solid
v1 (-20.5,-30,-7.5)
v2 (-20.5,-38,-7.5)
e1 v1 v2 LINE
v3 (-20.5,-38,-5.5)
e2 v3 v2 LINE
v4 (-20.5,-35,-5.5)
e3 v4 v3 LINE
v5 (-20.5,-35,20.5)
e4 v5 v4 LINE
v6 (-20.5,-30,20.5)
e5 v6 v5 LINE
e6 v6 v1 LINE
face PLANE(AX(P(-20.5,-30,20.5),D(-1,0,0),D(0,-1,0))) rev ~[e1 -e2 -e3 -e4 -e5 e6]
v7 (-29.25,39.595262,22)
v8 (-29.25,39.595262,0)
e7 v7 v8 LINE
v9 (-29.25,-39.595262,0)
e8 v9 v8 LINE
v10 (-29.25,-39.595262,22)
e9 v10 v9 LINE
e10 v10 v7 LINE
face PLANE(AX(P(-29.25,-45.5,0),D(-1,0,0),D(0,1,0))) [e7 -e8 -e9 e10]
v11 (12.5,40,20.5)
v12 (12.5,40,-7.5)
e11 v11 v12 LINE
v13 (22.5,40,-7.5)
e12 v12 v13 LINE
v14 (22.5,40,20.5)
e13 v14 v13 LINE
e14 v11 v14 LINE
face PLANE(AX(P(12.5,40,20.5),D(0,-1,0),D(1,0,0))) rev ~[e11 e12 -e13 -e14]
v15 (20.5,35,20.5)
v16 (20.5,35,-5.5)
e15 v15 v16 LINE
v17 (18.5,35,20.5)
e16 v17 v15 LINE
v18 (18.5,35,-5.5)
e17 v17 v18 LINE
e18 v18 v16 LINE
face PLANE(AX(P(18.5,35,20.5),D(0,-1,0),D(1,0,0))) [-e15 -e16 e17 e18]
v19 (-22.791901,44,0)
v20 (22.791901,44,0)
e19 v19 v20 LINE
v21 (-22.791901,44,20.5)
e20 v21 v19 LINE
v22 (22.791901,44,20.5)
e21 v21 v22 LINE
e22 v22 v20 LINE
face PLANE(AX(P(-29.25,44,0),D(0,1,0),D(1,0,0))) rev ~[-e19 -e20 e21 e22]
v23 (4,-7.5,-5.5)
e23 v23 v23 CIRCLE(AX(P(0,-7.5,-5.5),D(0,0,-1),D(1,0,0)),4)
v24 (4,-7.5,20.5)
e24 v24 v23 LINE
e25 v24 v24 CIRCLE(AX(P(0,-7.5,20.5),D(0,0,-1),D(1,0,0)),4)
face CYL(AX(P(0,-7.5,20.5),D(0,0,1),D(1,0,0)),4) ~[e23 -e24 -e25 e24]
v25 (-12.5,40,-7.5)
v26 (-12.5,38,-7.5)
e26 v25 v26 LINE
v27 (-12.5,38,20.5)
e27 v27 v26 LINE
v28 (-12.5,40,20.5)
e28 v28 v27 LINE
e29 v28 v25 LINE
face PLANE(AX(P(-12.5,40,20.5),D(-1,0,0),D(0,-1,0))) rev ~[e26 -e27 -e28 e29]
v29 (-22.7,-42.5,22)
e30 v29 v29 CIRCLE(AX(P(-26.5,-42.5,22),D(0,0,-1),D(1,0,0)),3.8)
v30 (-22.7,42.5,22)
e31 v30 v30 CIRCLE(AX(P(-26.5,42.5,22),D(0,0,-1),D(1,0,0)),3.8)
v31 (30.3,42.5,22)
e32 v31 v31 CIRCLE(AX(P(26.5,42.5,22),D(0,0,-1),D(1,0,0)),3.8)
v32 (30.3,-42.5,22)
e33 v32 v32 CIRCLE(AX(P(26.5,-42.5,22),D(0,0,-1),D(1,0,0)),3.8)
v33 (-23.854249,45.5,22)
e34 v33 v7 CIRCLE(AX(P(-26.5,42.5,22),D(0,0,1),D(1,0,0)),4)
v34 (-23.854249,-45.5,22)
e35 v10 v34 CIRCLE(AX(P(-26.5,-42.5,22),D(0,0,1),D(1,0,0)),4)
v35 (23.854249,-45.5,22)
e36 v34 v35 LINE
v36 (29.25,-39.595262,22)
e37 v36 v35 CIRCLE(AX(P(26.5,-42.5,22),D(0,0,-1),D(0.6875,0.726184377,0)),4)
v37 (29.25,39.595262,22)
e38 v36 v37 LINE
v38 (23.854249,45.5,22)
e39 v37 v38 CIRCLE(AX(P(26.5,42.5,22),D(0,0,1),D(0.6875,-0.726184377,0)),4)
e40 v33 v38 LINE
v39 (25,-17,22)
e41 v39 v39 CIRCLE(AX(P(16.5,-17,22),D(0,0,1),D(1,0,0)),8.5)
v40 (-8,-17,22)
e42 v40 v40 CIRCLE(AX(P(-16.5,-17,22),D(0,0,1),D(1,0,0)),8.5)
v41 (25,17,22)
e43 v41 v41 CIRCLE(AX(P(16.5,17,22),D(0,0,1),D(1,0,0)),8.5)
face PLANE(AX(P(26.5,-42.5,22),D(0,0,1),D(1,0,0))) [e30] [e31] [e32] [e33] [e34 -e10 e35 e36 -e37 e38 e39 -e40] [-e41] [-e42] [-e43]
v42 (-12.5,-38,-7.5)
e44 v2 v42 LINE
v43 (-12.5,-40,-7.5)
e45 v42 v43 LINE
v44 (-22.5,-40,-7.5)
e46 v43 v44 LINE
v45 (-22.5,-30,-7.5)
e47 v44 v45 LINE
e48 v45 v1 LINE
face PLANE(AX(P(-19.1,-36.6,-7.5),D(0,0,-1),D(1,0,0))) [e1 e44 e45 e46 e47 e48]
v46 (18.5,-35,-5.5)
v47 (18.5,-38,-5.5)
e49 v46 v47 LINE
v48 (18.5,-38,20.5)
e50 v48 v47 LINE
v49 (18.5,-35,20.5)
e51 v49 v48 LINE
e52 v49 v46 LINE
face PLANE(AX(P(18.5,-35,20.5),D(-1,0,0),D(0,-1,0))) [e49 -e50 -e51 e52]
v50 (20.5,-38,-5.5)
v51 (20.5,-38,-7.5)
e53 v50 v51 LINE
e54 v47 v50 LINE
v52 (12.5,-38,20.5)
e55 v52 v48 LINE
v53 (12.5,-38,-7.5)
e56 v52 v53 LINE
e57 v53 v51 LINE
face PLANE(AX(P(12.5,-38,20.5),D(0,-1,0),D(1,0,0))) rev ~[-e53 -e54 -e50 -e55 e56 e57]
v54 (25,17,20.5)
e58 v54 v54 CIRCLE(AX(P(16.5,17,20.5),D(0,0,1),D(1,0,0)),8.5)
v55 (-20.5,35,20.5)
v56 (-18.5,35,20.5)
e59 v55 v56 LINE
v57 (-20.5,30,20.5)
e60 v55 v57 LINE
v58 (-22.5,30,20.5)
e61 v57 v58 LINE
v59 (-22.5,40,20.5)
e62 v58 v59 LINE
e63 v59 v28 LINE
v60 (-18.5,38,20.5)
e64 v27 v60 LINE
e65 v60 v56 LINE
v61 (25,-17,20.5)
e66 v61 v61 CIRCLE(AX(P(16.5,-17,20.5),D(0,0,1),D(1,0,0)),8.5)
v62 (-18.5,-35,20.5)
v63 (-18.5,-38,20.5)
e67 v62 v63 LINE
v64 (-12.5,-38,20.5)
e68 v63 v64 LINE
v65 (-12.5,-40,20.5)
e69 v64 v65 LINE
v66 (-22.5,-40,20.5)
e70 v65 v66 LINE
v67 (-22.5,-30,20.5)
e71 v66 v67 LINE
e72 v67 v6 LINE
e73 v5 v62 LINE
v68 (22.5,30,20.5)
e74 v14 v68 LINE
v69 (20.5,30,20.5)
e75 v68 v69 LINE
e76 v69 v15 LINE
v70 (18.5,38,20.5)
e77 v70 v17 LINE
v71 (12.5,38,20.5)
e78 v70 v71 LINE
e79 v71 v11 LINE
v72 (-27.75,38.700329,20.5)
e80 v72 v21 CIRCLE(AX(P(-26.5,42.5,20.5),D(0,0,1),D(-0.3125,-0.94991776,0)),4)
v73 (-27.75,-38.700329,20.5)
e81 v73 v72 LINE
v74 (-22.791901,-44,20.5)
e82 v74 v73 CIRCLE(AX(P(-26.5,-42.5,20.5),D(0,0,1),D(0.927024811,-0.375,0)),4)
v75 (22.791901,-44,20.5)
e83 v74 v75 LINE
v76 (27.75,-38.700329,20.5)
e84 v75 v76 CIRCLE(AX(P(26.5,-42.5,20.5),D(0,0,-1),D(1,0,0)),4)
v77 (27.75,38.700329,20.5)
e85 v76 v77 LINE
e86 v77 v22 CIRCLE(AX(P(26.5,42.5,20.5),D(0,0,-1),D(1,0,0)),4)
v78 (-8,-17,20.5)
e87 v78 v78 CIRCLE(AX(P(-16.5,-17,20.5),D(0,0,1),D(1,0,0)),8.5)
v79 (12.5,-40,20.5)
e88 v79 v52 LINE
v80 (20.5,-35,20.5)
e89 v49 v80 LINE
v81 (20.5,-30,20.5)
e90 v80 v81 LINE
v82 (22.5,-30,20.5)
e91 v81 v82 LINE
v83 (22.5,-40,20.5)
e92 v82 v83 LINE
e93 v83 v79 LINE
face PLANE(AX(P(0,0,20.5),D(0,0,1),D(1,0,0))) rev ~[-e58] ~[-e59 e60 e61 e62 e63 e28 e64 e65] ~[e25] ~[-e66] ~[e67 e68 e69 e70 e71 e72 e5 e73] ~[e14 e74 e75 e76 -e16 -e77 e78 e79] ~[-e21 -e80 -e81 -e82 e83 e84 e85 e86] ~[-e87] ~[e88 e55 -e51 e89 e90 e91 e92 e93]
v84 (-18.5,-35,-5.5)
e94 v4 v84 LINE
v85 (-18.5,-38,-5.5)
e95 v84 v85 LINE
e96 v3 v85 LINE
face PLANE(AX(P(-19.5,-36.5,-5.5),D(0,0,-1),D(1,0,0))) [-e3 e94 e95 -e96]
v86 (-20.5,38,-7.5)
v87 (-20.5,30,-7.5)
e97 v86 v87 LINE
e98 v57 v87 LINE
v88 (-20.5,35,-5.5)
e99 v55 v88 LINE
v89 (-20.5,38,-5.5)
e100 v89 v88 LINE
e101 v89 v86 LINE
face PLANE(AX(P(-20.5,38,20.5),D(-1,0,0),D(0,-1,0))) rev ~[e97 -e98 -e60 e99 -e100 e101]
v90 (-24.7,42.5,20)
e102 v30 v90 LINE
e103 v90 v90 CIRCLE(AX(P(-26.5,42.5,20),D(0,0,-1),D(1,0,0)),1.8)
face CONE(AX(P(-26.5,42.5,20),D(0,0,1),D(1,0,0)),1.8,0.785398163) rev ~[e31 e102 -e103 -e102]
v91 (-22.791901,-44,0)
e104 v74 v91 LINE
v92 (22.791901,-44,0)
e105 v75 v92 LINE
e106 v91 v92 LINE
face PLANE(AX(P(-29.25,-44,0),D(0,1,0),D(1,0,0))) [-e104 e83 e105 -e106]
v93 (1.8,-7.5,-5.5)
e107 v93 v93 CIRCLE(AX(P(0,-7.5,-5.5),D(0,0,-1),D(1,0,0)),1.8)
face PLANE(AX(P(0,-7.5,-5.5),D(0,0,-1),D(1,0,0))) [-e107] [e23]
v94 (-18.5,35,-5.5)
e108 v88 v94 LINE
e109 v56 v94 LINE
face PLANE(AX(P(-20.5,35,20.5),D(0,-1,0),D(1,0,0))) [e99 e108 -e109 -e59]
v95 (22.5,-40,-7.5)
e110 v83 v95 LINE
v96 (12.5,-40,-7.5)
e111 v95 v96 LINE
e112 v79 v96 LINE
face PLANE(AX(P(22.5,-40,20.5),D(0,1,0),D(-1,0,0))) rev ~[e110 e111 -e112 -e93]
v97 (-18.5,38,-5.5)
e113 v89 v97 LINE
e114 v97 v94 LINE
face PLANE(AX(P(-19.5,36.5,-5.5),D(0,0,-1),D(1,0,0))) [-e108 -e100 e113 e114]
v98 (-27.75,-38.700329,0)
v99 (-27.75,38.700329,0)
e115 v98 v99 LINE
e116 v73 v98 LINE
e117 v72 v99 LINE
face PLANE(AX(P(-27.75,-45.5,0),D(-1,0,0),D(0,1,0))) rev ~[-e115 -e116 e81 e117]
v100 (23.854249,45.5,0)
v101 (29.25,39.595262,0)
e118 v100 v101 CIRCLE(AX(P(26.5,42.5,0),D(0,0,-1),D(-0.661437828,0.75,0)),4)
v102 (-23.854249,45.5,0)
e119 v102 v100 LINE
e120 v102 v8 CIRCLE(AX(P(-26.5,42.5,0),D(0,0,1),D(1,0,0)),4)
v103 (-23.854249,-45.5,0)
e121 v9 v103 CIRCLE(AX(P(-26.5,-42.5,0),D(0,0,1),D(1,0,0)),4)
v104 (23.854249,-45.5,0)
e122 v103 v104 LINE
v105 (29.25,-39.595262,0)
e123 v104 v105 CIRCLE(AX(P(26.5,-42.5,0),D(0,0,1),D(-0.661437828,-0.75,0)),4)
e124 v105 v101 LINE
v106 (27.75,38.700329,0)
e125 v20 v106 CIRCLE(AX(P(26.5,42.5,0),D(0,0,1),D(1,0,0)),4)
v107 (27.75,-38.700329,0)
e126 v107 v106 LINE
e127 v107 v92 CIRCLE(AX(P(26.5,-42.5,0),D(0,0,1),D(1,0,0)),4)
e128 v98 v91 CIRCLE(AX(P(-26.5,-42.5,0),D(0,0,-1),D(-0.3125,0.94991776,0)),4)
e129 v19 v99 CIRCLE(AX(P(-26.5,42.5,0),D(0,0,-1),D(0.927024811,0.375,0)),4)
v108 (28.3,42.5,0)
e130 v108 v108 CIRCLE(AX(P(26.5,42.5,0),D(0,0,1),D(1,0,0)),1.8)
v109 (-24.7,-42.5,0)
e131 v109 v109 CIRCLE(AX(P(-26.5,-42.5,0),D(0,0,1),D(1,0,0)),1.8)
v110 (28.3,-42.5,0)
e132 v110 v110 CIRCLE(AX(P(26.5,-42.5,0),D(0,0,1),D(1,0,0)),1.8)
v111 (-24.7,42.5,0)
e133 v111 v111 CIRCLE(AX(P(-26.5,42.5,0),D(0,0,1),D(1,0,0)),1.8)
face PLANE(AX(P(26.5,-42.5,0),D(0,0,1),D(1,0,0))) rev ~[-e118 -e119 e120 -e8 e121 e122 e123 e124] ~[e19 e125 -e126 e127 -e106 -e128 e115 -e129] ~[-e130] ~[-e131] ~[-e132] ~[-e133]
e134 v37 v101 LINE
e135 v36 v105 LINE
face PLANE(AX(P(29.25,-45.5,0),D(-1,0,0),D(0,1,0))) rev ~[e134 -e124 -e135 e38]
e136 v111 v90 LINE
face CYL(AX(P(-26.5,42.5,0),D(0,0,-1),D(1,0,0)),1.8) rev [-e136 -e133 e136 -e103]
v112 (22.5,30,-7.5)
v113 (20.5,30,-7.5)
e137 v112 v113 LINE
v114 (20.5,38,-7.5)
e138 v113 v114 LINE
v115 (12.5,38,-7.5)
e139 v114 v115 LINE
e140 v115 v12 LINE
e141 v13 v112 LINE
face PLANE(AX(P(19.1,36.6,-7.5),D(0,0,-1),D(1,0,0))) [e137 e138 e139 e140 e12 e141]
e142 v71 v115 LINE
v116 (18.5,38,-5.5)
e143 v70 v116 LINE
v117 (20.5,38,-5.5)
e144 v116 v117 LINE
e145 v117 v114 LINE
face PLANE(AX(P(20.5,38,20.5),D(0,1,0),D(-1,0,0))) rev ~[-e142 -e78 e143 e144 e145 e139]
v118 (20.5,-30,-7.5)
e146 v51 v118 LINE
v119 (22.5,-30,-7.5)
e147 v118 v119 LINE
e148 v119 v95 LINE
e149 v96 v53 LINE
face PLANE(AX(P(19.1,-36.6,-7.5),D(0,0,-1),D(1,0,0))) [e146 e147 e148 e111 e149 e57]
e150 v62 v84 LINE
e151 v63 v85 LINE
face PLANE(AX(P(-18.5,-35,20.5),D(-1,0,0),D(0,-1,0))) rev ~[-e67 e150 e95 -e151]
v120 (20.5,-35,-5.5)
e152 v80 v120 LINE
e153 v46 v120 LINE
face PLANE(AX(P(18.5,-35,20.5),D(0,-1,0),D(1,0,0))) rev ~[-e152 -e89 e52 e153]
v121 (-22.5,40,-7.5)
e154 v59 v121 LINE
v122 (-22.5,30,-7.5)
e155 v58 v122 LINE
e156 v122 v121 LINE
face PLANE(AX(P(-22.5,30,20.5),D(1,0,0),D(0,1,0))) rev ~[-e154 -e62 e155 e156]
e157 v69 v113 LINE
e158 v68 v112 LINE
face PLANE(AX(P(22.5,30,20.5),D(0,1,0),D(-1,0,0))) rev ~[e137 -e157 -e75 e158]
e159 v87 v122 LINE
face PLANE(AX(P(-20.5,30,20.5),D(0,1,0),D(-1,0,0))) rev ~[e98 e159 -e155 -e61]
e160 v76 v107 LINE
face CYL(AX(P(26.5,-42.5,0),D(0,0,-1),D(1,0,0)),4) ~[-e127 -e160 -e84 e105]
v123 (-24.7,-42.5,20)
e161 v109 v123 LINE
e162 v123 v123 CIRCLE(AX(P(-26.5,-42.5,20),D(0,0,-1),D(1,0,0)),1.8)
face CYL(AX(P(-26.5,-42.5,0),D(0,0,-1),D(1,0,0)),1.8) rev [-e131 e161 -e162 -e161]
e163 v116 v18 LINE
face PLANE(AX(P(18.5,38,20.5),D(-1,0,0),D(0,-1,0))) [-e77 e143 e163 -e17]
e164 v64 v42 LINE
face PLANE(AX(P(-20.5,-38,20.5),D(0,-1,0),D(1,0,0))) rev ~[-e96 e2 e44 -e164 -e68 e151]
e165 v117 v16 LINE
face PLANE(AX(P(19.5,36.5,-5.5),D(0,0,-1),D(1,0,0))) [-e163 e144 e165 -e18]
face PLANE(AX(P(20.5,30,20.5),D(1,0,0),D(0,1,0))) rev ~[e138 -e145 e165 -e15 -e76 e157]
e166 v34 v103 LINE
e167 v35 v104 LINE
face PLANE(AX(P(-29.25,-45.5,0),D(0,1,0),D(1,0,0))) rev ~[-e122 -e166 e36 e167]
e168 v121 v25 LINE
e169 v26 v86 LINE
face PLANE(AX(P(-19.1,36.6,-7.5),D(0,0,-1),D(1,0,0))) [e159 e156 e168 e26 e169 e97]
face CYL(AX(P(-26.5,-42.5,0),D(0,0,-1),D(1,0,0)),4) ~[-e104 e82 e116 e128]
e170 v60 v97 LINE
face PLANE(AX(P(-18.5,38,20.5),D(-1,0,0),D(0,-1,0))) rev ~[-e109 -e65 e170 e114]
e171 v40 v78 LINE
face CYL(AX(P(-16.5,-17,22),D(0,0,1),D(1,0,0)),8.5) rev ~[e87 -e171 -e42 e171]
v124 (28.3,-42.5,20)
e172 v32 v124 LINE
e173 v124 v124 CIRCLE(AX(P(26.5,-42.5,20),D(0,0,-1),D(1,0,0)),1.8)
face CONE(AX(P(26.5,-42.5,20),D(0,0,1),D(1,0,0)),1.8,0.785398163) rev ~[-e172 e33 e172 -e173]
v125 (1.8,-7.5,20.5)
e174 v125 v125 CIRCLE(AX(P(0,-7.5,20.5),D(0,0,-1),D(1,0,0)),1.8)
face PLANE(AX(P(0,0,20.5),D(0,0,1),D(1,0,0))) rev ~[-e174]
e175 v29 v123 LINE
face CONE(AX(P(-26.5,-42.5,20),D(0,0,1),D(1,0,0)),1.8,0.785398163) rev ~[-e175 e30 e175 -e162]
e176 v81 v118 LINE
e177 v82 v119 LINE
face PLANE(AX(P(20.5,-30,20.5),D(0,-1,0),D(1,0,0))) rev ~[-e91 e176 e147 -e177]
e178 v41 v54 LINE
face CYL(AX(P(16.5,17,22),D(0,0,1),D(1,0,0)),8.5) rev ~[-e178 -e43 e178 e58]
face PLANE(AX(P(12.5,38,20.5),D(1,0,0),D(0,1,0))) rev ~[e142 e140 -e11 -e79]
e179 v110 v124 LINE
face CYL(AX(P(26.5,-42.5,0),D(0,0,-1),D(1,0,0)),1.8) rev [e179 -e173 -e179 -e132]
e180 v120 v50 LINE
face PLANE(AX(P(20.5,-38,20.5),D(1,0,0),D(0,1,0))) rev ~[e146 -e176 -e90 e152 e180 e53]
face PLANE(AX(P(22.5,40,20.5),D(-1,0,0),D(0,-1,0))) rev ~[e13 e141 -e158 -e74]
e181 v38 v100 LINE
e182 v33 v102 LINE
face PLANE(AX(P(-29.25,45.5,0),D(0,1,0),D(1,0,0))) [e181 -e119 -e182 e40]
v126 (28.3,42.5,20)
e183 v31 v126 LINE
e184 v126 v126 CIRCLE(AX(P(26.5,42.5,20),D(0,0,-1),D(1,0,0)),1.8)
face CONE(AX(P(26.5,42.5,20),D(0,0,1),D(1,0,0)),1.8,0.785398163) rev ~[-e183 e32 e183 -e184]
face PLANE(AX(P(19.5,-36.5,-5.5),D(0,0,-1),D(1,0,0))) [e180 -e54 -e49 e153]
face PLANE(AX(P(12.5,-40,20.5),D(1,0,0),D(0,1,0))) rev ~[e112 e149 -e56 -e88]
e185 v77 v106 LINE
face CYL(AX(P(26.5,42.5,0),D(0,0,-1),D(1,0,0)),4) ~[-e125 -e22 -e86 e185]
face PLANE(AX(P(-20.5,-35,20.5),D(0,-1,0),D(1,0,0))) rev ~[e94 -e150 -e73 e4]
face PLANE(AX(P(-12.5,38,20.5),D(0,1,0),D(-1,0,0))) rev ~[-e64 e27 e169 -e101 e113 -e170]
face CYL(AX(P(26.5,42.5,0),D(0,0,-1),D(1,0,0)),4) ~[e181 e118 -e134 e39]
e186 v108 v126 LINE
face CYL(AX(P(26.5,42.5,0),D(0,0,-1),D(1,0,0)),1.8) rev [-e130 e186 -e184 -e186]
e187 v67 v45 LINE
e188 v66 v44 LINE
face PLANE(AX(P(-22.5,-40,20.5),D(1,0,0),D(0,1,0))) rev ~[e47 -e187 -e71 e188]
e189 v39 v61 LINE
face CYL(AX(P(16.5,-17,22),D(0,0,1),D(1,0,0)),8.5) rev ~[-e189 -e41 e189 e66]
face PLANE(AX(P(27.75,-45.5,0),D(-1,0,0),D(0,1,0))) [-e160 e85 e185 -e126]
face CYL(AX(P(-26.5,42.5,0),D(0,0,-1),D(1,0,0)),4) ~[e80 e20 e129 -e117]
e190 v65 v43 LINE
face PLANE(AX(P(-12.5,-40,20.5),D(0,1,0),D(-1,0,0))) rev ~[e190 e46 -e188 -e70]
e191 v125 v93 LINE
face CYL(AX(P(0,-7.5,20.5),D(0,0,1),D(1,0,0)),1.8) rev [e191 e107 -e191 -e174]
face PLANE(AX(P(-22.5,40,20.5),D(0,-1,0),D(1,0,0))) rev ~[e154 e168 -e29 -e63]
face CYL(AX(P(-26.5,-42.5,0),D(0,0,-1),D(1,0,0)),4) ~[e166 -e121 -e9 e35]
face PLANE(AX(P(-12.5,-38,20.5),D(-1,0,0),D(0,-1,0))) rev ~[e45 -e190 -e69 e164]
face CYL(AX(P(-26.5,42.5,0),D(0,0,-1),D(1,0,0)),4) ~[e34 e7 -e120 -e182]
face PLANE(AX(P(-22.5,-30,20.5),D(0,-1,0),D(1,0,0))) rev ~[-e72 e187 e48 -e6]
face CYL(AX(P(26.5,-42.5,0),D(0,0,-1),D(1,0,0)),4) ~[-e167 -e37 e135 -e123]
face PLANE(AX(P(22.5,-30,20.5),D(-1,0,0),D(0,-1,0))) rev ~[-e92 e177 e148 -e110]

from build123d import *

# Parameters (mm, degrees)
F0_W      = 58.5
F0_H      = 91
F1_DEPTH  = 22
F2_T      = -1.5
F3_R      = 8.5
F4_DEPTH  = 25
F5_R      = 3
F6_R      = 2
F8_DEPTH  = 28
F9_W      = 2
F9_H      = 3
F9_R      = 4
F9_R_2    = 1.8
F10_DEPTH = 26
F11_R     = 4
F12_DEPTH = 22
F13_R     = 1.8
F14_DEPTH = 26
F16_SIZE  = 2


with BuildPart() as f1:
    # F0 (on Top) → F1 (new body)
    with BuildSketch(Plane.XY):
        Rectangle(F0_W, F0_H)
    extrude(amount=F1_DEPTH)

    # F2
    f2_openings = [f1.faces().sort_by_distance(p)[0] for p in [
        (0, 0, 0),
    ]]
    offset(amount=F2_T, openings=f2_openings)

    # F3 (on face) → F4 (cut)
    with BuildSketch(Plane.XY.offset(22)):
        with Locations((16.5, 17)):
            Circle(F3_R)
        with Locations((16.5, -17)):
            Circle(F3_R)
        with Locations((-16.5, -17)):
            Circle(F3_R)
    extrude(amount=-F4_DEPTH, mode=Mode.SUBTRACT)

    # F5
    f5_edges = [f1.edges().sort_by_distance(p)[0] for p in [
        (-29.25, 45.5, 11),
        (29.25, 45.5, 11),
        (-29.25, -45.5, 11),
        (29.25, -45.5, 11),
    ]]
    fillet(f5_edges, radius=F5_R)

    # F6
    f6_edges = [f1.edges().sort_by_distance(p)[0] for p in [
        (-27.75, 44, 10.25),
        (-27.75, -44, 10.25),
        (27.75, -44, 10.25),
        (27.75, 44, 10.25),
    ]]
    fillet(f6_edges, radius=F6_R)

    # F7 (on face) → F8 (join)
    with BuildSketch(Plane(origin=(0, 0, 20.5), x_dir=(1, 0, 0), z_dir=(0, 0, -1))):
        Polygon((12.5, 38), (20.5, 38), (20.5, 30), (22.5, 30), (22.5, 40), (12.5, 40), align=None)
        Polygon((20.5, -30), (20.5, -38), (12.5, -38), (12.5, -40), (22.5, -40), (22.5, -30), align=None)
        Polygon((-20.5, 30), (-20.5, 38), (-12.5, 38), (-12.5, 40), (-22.5, 40), (-22.5, 30), align=None)
        Polygon((-12.5, -40), (-12.5, -38), (-20.5, -38), (-20.5, -30), (-22.5, -30), (-22.5, -40), align=None)
    extrude(amount=F8_DEPTH)

    # F9 (on face) → F10 (join)
    with BuildSketch(Plane(origin=(0, 0, 20.5), x_dir=(1, 0, 0), z_dir=(0, 0, -1))):
        with Locations((19.5, 36.5)):
            Rectangle(F9_W, F9_H)
        with Locations((-19.5, 36.5)):
            Rectangle(F9_W, F9_H)
        with Locations((-19.5, -36.5)):
            Rectangle(F9_W, F9_H)
        with Locations((19.5, -36.5)):
            Rectangle(F9_W, F9_H)
        with Locations((0, 7.5)):
            Circle(F9_R)
        with Locations((0, 7.5)):
            Circle(F9_R_2, mode=Mode.SUBTRACT)
    extrude(amount=F10_DEPTH)

    # F11 (on face) → F12 (join)
    with BuildSketch(Plane.XY):
        with Locations((26.5, -42.5)):
            Circle(F11_R)
        with Locations((26.5, 42.5)):
            Circle(F11_R)
        with Locations((-26.5, 42.5)):
            Circle(F11_R)
        with Locations((-26.5, -42.5)):
            Circle(F11_R)
    extrude(amount=F12_DEPTH)

    # F13 (on Top) → F14 (cut)
    with BuildSketch(Plane.XY):
        with Locations((26.5, -42.5)):
            Circle(F13_R)
        with Locations((26.5, 42.5)):
            Circle(F13_R)
        with Locations((-26.5, -42.5)):
            Circle(F13_R)
        with Locations((-26.5, 42.5)):
            Circle(F13_R)
    extrude(amount=F14_DEPTH, mode=Mode.SUBTRACT)

    # F16
    f16_edges = [f1.edges().sort_by_distance(p)[0] for p in [
        (24.7, -42.5, 22),
        (24.7, 42.5, 22),
        (-28.3, 42.5, 22),
        (-28.3, -42.5, 22),
    ]]
    chamfer(f16_edges, length=F16_SIZE)


solid = f1.part
